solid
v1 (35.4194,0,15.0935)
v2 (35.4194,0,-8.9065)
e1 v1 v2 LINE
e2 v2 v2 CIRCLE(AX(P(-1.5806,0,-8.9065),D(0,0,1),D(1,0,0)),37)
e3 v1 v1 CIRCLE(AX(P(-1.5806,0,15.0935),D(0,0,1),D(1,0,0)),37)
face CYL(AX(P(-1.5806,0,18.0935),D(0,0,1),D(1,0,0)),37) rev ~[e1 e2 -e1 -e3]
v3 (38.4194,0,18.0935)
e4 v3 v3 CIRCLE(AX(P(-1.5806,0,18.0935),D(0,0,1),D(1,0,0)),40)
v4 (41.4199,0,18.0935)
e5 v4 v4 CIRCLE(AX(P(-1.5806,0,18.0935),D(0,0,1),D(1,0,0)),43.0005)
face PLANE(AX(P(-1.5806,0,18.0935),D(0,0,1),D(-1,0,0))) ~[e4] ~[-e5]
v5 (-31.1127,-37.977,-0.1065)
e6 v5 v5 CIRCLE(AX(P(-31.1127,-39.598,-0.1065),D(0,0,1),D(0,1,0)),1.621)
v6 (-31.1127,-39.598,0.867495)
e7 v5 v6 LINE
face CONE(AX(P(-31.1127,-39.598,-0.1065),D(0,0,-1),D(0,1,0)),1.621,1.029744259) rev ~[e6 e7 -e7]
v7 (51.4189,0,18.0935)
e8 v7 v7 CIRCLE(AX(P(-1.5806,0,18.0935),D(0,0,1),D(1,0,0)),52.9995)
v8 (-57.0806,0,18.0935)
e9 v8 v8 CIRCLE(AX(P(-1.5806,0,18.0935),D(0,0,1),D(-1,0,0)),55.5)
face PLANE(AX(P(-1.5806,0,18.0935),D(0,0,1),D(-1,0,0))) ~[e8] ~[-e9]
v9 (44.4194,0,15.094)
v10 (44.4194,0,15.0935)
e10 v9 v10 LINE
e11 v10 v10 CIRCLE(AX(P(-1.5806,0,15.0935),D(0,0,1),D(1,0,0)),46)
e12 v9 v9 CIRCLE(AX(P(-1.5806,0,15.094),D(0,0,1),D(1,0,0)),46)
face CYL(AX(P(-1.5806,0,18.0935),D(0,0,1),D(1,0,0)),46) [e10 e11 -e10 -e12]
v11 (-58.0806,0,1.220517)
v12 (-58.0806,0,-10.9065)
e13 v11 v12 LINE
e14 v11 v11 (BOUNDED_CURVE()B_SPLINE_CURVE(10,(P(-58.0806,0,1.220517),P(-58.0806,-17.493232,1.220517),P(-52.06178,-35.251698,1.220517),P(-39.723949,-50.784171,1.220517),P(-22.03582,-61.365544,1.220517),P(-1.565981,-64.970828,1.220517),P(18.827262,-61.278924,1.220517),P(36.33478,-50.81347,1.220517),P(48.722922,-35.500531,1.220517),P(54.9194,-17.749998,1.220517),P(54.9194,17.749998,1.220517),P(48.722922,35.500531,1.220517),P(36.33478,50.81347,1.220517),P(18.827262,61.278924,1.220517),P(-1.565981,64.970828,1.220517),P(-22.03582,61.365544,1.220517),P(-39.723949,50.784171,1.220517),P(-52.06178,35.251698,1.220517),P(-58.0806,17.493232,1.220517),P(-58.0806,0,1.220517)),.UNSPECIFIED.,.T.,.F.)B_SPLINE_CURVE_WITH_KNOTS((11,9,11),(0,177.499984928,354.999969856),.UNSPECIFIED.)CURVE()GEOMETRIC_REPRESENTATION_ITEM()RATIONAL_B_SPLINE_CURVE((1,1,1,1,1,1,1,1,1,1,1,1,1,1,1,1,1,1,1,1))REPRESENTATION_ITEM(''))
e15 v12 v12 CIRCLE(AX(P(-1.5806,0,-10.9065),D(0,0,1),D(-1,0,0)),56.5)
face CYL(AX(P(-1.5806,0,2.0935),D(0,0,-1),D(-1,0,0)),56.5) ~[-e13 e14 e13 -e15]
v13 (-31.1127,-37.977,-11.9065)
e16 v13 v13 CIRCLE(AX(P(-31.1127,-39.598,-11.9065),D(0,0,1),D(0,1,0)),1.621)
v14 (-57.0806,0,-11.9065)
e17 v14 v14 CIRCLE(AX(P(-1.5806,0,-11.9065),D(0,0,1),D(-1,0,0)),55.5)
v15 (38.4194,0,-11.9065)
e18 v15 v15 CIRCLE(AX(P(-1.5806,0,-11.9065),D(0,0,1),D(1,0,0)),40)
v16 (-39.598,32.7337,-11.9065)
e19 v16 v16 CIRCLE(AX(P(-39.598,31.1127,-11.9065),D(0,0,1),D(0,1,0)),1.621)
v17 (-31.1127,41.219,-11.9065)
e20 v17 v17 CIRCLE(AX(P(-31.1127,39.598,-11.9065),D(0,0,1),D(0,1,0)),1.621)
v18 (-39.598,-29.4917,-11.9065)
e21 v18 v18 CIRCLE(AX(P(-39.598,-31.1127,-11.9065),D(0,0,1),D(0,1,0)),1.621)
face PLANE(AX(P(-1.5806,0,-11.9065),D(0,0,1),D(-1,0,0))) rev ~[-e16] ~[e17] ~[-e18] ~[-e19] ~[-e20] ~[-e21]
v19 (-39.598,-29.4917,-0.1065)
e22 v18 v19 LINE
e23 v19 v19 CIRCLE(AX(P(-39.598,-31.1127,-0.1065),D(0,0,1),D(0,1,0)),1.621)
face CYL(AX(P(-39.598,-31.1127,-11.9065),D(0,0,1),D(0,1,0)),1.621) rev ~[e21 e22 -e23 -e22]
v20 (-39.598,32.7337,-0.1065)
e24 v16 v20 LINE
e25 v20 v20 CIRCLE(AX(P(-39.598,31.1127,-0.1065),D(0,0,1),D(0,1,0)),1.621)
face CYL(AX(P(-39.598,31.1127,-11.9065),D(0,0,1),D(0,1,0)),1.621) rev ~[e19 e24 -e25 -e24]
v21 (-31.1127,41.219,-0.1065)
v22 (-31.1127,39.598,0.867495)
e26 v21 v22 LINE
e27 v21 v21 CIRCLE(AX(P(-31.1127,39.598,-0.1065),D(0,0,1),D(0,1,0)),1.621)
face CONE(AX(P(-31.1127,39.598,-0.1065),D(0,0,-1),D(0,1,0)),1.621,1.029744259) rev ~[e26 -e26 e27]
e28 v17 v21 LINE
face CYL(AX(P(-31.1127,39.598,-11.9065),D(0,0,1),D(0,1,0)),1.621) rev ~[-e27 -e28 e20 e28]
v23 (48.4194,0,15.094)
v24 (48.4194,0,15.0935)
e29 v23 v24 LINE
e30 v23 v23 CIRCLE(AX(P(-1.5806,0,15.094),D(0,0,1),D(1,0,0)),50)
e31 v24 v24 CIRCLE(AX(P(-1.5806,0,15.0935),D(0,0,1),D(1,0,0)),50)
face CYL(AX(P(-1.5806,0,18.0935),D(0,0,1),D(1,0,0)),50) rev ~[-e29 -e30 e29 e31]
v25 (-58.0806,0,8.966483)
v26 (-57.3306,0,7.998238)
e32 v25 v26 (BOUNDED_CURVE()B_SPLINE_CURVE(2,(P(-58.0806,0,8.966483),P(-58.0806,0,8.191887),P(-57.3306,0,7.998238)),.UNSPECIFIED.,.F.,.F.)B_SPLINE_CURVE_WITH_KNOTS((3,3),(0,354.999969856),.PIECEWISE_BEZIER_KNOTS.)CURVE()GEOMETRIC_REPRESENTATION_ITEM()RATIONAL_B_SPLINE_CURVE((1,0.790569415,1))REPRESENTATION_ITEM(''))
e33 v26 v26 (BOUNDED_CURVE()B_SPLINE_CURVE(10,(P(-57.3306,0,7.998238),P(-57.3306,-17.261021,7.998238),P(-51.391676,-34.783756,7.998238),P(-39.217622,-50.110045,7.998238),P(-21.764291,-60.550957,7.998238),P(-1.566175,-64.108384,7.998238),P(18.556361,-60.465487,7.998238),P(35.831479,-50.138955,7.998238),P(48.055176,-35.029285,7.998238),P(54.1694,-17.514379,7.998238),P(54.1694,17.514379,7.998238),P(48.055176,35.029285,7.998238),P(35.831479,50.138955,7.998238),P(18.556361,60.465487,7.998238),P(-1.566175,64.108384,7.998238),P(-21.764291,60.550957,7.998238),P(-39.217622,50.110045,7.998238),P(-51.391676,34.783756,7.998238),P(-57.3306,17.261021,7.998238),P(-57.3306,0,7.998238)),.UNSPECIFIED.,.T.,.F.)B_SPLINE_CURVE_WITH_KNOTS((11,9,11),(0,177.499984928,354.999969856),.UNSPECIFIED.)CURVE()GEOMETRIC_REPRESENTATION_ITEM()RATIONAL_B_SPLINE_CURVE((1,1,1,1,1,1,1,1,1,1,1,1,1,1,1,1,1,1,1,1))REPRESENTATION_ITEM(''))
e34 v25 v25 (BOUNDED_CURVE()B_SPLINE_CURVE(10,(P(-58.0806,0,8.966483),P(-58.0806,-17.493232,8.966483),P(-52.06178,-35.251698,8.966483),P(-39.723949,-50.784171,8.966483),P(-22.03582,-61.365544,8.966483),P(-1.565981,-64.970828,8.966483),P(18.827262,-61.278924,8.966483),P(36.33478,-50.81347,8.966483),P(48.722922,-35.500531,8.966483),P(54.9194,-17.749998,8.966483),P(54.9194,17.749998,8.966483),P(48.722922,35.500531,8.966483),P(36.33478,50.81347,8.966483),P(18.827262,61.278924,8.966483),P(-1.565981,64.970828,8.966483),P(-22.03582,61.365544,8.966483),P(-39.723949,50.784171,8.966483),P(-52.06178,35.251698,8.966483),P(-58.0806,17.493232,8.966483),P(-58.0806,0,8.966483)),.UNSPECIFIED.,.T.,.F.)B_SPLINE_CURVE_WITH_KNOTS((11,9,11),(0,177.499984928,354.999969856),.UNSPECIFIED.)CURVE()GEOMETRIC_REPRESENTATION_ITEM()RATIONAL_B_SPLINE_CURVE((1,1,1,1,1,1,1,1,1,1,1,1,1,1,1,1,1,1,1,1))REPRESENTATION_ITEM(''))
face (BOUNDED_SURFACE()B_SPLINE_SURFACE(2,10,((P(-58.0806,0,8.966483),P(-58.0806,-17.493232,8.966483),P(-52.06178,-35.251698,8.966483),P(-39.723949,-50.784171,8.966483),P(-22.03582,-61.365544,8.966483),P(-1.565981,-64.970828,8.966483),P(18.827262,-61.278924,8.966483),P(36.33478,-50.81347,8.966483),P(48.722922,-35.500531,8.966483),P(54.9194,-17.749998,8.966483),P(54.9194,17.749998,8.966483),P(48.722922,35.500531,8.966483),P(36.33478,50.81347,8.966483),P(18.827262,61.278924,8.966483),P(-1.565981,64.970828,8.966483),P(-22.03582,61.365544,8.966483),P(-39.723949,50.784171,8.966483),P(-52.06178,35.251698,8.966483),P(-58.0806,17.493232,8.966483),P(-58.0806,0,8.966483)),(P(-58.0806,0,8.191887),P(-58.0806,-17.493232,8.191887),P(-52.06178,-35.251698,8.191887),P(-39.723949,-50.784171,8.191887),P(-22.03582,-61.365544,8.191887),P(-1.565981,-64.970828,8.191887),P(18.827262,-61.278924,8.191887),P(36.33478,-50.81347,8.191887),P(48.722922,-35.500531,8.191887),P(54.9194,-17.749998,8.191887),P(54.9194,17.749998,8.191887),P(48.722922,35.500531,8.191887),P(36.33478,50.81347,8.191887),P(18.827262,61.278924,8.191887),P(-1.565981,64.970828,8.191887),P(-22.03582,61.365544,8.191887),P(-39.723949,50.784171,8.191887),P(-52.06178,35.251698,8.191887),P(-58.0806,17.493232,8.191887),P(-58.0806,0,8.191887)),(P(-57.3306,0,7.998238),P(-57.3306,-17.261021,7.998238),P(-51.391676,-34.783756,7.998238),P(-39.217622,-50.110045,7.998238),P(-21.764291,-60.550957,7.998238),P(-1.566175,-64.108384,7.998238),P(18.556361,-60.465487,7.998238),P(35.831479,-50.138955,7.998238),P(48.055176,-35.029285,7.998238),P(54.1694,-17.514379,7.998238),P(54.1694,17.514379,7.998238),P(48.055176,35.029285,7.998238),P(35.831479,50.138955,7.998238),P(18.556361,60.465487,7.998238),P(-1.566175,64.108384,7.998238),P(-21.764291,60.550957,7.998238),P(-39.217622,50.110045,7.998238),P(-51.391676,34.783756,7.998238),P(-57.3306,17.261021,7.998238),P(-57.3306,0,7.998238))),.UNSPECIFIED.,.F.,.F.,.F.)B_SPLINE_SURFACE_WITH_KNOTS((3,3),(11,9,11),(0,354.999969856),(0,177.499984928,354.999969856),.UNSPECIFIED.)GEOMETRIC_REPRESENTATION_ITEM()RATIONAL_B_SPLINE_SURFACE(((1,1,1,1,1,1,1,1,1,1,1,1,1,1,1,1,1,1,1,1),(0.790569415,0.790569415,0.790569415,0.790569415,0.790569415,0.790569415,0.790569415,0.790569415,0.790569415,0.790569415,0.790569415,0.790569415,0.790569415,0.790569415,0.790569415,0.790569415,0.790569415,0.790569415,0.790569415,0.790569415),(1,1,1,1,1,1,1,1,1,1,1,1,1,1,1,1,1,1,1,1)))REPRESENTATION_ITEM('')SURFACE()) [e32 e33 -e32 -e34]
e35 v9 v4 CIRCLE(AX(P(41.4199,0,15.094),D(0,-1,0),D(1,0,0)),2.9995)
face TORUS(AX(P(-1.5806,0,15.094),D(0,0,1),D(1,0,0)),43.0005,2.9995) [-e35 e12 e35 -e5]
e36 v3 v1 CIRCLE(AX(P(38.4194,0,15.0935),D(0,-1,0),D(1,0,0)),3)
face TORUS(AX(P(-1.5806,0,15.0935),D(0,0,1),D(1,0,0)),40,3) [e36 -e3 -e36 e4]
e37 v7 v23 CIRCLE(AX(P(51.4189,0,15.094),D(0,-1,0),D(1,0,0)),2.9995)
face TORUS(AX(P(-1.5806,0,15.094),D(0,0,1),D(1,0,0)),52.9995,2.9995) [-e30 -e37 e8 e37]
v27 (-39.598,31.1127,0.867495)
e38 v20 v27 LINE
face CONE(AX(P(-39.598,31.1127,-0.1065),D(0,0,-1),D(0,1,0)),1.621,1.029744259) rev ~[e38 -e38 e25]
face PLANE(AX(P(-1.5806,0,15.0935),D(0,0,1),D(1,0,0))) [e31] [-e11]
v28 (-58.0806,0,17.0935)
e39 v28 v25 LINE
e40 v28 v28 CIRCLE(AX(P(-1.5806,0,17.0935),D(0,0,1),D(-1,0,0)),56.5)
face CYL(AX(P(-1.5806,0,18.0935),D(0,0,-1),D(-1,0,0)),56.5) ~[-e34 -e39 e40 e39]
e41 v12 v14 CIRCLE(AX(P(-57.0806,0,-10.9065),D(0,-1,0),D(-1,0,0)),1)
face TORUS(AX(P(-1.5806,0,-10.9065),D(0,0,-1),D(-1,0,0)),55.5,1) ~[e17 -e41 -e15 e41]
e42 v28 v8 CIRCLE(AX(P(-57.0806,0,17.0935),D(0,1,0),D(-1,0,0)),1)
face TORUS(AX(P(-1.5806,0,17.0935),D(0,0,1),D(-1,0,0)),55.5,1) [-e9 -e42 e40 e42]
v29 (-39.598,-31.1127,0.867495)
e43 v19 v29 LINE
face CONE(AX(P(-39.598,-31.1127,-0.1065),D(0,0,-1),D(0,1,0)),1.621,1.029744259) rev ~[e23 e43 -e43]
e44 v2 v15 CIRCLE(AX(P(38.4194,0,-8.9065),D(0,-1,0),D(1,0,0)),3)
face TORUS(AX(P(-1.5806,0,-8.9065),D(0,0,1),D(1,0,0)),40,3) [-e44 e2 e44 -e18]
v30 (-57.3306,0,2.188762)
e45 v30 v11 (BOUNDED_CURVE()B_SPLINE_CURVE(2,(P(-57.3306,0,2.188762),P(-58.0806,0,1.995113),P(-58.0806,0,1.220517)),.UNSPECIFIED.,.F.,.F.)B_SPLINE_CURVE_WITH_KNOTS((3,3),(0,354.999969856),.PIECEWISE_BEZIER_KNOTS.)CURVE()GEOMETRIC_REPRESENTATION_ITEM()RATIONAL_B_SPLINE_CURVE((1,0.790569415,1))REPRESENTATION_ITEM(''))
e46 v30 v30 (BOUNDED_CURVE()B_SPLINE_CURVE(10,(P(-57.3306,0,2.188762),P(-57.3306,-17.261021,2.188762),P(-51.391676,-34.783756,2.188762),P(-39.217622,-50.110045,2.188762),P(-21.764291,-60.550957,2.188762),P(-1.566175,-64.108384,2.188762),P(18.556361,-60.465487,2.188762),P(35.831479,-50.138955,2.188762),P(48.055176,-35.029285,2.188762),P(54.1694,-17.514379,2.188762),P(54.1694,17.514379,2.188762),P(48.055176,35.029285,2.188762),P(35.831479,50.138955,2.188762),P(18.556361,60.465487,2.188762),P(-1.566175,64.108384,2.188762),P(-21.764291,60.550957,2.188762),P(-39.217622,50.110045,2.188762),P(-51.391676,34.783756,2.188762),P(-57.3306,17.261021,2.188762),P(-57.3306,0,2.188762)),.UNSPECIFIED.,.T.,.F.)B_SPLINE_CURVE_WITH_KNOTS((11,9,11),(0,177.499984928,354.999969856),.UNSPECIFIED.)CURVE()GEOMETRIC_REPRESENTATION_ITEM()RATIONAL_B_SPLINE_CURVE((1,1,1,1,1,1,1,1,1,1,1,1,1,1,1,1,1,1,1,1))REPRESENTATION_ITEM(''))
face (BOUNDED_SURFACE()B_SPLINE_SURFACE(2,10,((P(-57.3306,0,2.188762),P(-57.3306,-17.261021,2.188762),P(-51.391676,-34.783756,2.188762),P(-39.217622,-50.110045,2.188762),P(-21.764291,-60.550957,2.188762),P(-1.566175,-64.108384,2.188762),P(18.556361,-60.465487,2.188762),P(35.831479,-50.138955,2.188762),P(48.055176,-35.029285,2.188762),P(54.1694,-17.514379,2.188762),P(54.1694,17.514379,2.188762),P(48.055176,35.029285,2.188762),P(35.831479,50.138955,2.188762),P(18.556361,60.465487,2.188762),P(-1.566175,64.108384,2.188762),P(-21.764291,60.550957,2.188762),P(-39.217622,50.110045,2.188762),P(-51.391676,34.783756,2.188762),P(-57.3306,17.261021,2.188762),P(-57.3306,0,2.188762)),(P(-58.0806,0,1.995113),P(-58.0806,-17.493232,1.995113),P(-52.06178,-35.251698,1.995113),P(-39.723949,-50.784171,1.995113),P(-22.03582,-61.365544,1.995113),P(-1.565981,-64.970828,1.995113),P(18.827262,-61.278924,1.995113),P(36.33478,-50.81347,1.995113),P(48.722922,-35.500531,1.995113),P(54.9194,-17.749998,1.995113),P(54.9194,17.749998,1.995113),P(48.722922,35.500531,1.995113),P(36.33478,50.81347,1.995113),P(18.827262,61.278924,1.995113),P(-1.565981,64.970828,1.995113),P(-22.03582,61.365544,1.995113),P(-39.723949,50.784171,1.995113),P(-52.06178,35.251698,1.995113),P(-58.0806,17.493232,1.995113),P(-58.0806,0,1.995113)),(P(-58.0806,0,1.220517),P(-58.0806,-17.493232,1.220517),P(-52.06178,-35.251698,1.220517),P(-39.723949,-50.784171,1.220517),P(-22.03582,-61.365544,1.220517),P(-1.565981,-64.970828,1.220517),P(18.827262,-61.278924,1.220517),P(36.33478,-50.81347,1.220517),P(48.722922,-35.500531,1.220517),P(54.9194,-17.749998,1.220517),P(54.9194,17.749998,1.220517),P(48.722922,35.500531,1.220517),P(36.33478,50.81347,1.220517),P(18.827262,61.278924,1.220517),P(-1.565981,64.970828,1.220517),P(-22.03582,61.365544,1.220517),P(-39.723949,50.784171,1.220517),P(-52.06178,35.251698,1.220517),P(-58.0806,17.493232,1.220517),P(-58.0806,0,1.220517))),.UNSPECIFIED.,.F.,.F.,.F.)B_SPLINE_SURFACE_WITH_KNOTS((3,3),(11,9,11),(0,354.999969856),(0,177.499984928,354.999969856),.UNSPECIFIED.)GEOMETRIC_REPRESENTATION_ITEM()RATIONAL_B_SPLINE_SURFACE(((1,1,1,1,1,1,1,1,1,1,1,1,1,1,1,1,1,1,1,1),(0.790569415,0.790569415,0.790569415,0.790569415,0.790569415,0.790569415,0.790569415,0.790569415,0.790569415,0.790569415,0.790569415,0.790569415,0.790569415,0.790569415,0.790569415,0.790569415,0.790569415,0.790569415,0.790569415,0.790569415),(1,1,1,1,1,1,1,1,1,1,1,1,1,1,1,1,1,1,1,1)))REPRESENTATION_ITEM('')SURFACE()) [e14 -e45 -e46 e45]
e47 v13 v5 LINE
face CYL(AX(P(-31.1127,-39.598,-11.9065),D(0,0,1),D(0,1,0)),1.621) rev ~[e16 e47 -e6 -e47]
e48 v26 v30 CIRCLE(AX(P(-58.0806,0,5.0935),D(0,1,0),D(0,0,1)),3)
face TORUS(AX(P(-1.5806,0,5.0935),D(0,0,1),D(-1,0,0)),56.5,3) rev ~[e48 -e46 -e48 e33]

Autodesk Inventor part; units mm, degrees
ref_plane "YZ Plane" through (0, 0, 0) normal (1, 0, 0) x (0, 1, 0)
ref_plane "XZ Plane" through (0, 0, 0) normal (0, 1, 0) x (-1, 0, 0)
ref_plane "XY Plane" through (0, 0, 0) normal (0, 0, 1) x (1, 0, 0)
sketch "Sketch1" plane through (0, 0, 0) normal (0, 1, 0) x (-1, 0, 0)
  line L0 (1.5806, 18.0935) -> (58.0806, 18.0935)
  line L1 (58.0806, 18.0935) -> (58.0806, 8.0935)
  line L2 (58.0806, 2.0935) -> (58.0806, -11.9065)
  line L3 (58.0806, -11.9065) -> (1.5806, -11.9065)
  line L4 (1.5806, -11.9065) -> (1.5806, 18.0935)
  arc A0 (58.0806, 8.0935) -> (58.0806, 2.0935) centre (58.0806, 5.0935) ccw
  point P0 (0, 0)
  dimension "d0" = 56.5
  dimension "d1" = 10
  dimension "d39" = 6
  dimension "d40" = 17
revolve "Revolution1" add sketch "Sketch1" angle 360 about axis through (-1.5806, 0, -11.9065) along (0, 0, 1)
fillet "Fillet1" radius 1 2 edges at (54.9194, 0, 8.0935) (54.9194, 0, 2.0935)
fillet "Fillet4" radius 1 1 edges at (54.9194, 0, -11.9065)
fillet "Fillet5" radius 1 1 edges at (54.9194, 0, 18.0935)
sketch "Sketch3" plane through (-1.5806, 0, -11.9065) normal (0, 0, -1) x (-1, 0, 0)
  line L0 (1.9194, -50) -> (7.9194, -50)
  line L1 (1.9194, -50) -> (-4.0806, -50)
  line L2 (1.9194, 50) -> (7.9194, 50)
  line L3 (7.9194, 50) -> (-4.0806, 50)
  line L4 (-1.5806, 0) -> (68.9222, 70.5028)
  line L5 (-1.5806, 0) -> (-1.5806, 80.0451)
  line L6 (-1.5806, 0) -> (25.001, 0)
  line L7 (-1.5806, 0) -> (33.7747, 35.3553)
  line L8 (33.7747, 35.3553) -> (38.0174, 31.1127)
  line L9 (38.0174, 31.1127) -> (29.5321, 39.598)
  point P0 (38.0174, -31.1127)
  point P1 (29.5321, -39.598)
  dimension "d21" = 45
  dimension "d22" = 50
  dimension "d23" = 6
  dimension "d24" = 12
hole "Hole1" at (-39.598, 31.1127, -11.9065) at (-31.1127, 39.598, -11.9065) direction (0, 0, 1) diameter 3.242 depth 11.8 tip angle 118 thread size "M4x0.7" class "6H" standard "ISO Metric profile"
sketch "Sketch5" plane through (-1.5806, 0, 18.0935) normal (0, 0, 1) x (1, 0, 0)
  circle A0 centre (0, 0) radius 55.75 projected
  circle A1 centre (0, 0) radius 37
  point P0 (1.5806, 0)
  dimension "d41" = 74
extrude "Extrusion3" cut sketch "Sketch5" against normal blind 300 contours A1
fillet "Fillet9" radius 3 2 edges at (-38.5806, 0, 18.0935) (-38.5806, 0, -11.9065)
sketch "Sketch6" plane through (-1.5806, 0, 18.0935) normal (0, 0, 1) x (1, 0, 0)
  circle A0 centre (0, 0) radius 37 projected
  circle A1 centre (0, 0) radius 50
  circle A2 centre (0, 0) radius 46
  point P0 (1.5806, 0)
  dimension "d45" = 100
  dimension "d46" = 92
extrude "Extrusion4" cut sketch "Sketch6" against normal blind 3 contours A1
fillet "Fillet10" radius 3 2 edges at (-51.5806, 0, 18.0935) (-47.5806, 0, 18.0935)
hole "Hole2" at (-31.1127, -39.598, -11.9065) at (-39.598, -31.1127, -11.9065) direction (0, 0, 1) diameter 3.242 depth 11.8 tip angle 118 thread size "M4x0.7" class "6H" standard "ISO Metric profile"
properties part number "ROLAMENTO_INFERIOR_INTERNO"
